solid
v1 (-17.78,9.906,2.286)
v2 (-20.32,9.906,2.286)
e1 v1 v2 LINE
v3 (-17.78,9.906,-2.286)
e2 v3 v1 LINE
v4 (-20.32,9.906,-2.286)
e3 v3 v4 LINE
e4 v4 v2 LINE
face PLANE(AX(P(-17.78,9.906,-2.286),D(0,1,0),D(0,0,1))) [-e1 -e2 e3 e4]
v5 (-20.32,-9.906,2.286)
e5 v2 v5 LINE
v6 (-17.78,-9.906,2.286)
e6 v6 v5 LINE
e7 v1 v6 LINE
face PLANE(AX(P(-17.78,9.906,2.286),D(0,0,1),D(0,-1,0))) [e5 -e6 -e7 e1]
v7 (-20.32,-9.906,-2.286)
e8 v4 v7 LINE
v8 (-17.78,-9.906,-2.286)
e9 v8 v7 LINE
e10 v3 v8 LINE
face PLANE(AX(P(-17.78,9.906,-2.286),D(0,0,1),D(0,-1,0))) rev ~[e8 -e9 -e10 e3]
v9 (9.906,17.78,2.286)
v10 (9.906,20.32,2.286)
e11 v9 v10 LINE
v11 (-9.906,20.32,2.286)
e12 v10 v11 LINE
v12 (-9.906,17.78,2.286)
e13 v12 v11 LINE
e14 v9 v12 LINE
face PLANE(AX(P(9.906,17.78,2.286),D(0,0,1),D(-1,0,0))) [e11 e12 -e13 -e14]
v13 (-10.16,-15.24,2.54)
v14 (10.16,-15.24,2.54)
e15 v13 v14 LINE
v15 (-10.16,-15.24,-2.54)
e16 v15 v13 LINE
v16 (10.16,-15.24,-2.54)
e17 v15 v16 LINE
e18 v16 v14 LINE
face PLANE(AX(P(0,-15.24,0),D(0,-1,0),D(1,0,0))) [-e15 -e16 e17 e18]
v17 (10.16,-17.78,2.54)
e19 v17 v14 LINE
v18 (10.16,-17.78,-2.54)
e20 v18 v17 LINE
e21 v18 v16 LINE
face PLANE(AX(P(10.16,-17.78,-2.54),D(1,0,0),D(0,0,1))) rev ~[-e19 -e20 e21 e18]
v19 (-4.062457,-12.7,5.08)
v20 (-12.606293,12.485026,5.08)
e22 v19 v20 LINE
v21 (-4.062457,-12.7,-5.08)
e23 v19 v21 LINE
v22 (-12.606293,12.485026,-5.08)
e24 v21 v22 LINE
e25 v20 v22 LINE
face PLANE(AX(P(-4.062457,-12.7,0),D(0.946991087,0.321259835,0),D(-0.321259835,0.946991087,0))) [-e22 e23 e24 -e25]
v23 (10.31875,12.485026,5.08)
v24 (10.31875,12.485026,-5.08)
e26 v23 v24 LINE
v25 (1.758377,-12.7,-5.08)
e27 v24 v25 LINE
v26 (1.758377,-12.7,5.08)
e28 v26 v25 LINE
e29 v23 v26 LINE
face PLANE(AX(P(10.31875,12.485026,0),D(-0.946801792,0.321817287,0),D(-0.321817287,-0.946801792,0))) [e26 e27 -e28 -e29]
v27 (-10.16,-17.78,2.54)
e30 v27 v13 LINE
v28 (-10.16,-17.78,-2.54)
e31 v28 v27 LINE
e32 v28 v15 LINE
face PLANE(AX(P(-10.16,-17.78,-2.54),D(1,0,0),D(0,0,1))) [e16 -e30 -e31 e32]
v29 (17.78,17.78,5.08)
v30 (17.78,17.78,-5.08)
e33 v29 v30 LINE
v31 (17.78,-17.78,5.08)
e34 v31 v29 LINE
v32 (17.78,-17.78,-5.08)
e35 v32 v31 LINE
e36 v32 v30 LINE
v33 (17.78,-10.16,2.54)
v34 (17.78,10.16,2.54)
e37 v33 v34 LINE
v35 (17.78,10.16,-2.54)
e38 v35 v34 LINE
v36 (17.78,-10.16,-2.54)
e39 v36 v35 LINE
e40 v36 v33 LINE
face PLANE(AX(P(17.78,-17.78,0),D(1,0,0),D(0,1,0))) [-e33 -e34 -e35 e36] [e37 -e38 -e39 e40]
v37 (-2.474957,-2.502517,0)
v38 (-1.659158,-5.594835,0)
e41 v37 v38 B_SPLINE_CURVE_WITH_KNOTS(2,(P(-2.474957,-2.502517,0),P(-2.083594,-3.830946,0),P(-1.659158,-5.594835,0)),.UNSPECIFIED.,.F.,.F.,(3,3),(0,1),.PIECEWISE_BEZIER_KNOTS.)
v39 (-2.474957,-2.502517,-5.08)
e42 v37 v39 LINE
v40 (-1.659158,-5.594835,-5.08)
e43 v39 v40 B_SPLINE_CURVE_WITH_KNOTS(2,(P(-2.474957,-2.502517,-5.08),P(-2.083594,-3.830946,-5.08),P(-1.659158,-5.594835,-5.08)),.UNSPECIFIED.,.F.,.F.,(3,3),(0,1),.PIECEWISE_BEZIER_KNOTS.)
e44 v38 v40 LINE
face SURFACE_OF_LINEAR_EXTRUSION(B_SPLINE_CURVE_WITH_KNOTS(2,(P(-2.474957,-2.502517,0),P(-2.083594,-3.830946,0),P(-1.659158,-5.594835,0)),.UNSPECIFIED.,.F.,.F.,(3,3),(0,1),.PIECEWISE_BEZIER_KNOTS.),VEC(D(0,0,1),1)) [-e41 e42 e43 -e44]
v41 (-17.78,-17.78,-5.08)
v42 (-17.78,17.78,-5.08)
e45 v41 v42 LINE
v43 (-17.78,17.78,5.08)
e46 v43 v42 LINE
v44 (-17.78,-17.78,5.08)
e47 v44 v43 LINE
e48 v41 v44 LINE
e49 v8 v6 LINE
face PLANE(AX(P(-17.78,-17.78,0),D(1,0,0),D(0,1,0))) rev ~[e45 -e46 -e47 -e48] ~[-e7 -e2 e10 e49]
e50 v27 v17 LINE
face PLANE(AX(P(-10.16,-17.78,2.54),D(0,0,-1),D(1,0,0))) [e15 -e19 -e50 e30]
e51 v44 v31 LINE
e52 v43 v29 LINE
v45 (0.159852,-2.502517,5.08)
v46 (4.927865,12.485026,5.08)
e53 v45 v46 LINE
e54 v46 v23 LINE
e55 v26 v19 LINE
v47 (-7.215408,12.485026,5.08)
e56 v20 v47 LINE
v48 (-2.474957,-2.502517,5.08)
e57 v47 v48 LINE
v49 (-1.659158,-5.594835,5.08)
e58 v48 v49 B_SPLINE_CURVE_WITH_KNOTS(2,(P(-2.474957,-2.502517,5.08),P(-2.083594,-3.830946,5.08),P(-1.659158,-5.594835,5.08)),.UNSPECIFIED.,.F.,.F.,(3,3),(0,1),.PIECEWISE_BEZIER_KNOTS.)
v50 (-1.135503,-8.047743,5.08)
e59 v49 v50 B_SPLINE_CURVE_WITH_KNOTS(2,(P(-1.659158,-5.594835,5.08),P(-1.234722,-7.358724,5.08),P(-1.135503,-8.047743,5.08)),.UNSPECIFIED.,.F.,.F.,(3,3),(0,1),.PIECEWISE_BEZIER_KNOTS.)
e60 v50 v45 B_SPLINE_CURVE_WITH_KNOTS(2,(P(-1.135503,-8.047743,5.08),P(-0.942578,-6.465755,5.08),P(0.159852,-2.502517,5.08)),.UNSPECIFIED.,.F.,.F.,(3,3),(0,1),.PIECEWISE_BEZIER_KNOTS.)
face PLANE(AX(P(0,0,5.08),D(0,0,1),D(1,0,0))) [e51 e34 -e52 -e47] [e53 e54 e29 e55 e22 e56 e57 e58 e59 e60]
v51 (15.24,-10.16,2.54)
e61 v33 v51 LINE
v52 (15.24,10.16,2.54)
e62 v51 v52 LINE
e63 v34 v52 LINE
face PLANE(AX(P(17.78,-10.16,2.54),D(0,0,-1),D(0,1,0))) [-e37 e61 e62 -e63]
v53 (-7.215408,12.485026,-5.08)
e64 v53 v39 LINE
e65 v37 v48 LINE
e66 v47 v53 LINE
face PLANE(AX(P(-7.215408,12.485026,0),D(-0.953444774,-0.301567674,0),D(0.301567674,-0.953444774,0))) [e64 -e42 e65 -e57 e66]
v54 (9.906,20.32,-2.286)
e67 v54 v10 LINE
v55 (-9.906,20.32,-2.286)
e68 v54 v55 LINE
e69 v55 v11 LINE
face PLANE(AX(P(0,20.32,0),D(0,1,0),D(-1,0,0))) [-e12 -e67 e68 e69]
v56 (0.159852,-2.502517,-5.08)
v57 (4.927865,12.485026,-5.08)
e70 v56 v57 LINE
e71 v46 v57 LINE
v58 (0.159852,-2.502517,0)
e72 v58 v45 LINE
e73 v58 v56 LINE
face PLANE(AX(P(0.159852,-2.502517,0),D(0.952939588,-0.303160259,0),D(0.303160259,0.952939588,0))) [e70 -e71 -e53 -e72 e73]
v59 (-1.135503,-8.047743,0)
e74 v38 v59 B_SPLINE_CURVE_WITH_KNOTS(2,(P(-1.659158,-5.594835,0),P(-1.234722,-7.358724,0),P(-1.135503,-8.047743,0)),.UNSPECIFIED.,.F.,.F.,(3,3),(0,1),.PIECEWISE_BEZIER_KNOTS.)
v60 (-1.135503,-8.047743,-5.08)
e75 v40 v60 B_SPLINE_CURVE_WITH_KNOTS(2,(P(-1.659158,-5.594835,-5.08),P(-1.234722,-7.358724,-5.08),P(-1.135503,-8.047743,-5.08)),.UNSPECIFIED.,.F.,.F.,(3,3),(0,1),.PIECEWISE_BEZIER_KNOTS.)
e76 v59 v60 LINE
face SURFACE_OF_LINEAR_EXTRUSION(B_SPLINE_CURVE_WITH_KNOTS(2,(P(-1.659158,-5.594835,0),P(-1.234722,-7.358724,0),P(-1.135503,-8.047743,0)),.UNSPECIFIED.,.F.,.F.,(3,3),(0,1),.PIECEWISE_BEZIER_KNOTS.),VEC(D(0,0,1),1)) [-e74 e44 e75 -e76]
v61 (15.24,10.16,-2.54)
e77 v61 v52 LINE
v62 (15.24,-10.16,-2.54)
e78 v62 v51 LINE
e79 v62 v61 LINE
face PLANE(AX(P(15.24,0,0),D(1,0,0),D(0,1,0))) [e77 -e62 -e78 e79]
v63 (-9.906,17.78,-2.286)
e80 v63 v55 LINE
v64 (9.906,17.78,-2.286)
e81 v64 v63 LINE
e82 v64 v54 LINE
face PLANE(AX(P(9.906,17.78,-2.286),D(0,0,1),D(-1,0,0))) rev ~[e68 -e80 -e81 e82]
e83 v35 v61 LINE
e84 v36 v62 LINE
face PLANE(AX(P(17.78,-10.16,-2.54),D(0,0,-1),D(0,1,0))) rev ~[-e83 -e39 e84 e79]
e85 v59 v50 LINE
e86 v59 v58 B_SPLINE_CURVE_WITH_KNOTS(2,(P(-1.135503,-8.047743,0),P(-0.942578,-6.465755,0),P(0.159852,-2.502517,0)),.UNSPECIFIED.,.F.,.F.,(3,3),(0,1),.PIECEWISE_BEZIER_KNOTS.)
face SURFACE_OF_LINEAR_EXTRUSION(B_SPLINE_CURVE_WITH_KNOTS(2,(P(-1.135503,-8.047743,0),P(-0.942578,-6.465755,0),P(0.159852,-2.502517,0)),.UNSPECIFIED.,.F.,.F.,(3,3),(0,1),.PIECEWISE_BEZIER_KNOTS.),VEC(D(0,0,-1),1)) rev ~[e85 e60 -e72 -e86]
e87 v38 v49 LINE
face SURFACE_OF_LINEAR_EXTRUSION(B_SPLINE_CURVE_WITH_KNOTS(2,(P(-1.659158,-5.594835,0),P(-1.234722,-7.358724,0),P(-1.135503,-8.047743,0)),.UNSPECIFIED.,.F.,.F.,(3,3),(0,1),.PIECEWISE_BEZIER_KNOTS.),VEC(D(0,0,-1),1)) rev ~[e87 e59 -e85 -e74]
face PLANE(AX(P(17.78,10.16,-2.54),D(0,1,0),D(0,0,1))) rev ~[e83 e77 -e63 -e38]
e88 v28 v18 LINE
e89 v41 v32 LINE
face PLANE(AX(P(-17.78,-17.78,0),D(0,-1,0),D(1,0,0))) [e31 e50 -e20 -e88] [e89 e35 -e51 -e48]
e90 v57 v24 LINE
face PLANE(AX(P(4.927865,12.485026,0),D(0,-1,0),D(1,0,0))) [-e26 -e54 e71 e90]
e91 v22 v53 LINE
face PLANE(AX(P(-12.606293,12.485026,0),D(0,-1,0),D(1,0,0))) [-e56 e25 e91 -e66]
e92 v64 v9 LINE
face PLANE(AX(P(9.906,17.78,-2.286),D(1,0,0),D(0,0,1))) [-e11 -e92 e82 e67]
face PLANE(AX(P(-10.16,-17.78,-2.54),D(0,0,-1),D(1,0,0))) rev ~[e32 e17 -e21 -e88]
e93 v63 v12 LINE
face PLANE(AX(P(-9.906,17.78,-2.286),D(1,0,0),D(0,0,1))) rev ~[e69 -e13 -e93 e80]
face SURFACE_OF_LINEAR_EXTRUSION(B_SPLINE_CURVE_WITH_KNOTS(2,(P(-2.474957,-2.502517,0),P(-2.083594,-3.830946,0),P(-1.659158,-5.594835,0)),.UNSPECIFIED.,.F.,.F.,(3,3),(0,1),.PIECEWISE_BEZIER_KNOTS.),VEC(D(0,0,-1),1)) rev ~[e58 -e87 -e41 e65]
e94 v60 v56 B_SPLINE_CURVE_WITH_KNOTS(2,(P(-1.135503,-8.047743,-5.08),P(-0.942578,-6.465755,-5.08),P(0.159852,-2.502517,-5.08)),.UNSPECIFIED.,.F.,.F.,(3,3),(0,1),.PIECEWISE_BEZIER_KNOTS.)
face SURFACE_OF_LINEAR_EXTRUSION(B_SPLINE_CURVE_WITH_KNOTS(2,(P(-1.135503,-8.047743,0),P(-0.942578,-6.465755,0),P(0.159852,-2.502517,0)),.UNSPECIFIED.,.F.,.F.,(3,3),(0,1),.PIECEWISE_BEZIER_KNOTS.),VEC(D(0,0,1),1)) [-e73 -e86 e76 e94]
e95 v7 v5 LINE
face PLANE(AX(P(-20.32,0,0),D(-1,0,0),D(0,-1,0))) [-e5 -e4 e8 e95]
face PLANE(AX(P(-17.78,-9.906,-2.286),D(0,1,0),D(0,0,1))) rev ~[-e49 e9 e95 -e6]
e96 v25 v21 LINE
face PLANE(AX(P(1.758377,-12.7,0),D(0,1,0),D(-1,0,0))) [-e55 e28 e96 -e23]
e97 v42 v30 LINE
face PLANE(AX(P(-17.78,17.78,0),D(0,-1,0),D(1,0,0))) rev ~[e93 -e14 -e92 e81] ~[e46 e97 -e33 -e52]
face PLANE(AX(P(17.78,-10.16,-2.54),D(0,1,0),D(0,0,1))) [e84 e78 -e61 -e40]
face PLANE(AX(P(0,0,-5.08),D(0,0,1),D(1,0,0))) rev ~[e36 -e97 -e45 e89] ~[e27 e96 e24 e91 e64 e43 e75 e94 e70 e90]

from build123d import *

# Parameters (mm, degrees)
F0_W     = 35.56
F0_H     = 35.56
F1_DEPTH = 5.08
F2_W     = 19.812
F2_H     = 4.572
F3_DEPTH = 2.54
F4_W     = 19.812
F4_H     = 4.572
F5_DEPTH = 2.54
F6_W     = 20.32
F6_H     = 5.08
F7_DEPTH = 2.54
F8_W     = 20.32
F8_H     = 5.08
F9_DEPTH = 2.54


with BuildPart() as f1:
    # F0 (on Top) → F1 (new body, symmetric)
    with BuildSketch(Plane.XY):
        Rectangle(F0_W, F0_H)
        with BuildLine():
            Line((0.1598524306, -2.5025173611), (4.9278645833, 12.4850260417))
            Line((4.9278645833, 12.4850260417), (10.31875, 12.4850260417))
            Line((10.31875, 12.4850260417), (1.7583767361, -12.7))
            Line((1.7583767361, -12.7), (-4.0624565972, -12.7))
            Line((-4.0624565972, -12.7), (-12.6062934028, 12.4850260417))
            Line((-12.6062934028, 12.4850260417), (-7.2154079861, 12.4850260417))
            Line((-7.2154079861, 12.4850260417), (-2.4749565972, -2.5025173611))
            add(Edge.make_bspline(
                [(-2.4749565972, -2.5025173611), (-2.08359375, -3.8309461806), (-1.6591579861, -5.5948350694)],
                knots=[0, 0, 0, 1, 1, 1], degree=2))
            add(Edge.make_bspline(
                [(-1.6591579861, -5.5948350694), (-1.2347222222, -7.3587239583), (-1.1355034722, -8.0477430556)],
                knots=[0, 0, 0, 1, 1, 1], degree=2))
            add(Edge.make_bspline(
                [(-1.1355034722, -8.0477430556), (-0.942578125, -6.4657552083), (0.1598524306, -2.5025173611)],
                knots=[0, 0, 0, 1, 1, 1], degree=2))
        make_face(mode=Mode.SUBTRACT)
    extrude(amount=F1_DEPTH, both=True)

    # F2 (on face) → F3 (join)
    with BuildSketch(Plane(origin=(0, 17.78, 0), x_dir=(-1, 0, 0), z_dir=(0, 1, 0))):
        Rectangle(F2_W, F2_H)
    extrude(amount=F3_DEPTH)

    # F4 (on face) → F5 (join)
    with BuildSketch(Plane(origin=(-17.78, 0, 0), x_dir=(0, -1, 0), z_dir=(-1, 0, 0))):
        Rectangle(F4_W, F4_H)
    extrude(amount=F5_DEPTH)

    # F6 (on face) → F7 (cut)
    with BuildSketch(Plane.XZ.offset(17.78)):
        Rectangle(F6_W, F6_H)
    extrude(amount=-F7_DEPTH, mode=Mode.SUBTRACT)

    # F8 (on face) → F9 (cut)
    with BuildSketch(Plane.YZ.offset(17.78)):
        Rectangle(F8_W, F8_H)
    extrude(amount=-F9_DEPTH, mode=Mode.SUBTRACT)


solid = f1.part
